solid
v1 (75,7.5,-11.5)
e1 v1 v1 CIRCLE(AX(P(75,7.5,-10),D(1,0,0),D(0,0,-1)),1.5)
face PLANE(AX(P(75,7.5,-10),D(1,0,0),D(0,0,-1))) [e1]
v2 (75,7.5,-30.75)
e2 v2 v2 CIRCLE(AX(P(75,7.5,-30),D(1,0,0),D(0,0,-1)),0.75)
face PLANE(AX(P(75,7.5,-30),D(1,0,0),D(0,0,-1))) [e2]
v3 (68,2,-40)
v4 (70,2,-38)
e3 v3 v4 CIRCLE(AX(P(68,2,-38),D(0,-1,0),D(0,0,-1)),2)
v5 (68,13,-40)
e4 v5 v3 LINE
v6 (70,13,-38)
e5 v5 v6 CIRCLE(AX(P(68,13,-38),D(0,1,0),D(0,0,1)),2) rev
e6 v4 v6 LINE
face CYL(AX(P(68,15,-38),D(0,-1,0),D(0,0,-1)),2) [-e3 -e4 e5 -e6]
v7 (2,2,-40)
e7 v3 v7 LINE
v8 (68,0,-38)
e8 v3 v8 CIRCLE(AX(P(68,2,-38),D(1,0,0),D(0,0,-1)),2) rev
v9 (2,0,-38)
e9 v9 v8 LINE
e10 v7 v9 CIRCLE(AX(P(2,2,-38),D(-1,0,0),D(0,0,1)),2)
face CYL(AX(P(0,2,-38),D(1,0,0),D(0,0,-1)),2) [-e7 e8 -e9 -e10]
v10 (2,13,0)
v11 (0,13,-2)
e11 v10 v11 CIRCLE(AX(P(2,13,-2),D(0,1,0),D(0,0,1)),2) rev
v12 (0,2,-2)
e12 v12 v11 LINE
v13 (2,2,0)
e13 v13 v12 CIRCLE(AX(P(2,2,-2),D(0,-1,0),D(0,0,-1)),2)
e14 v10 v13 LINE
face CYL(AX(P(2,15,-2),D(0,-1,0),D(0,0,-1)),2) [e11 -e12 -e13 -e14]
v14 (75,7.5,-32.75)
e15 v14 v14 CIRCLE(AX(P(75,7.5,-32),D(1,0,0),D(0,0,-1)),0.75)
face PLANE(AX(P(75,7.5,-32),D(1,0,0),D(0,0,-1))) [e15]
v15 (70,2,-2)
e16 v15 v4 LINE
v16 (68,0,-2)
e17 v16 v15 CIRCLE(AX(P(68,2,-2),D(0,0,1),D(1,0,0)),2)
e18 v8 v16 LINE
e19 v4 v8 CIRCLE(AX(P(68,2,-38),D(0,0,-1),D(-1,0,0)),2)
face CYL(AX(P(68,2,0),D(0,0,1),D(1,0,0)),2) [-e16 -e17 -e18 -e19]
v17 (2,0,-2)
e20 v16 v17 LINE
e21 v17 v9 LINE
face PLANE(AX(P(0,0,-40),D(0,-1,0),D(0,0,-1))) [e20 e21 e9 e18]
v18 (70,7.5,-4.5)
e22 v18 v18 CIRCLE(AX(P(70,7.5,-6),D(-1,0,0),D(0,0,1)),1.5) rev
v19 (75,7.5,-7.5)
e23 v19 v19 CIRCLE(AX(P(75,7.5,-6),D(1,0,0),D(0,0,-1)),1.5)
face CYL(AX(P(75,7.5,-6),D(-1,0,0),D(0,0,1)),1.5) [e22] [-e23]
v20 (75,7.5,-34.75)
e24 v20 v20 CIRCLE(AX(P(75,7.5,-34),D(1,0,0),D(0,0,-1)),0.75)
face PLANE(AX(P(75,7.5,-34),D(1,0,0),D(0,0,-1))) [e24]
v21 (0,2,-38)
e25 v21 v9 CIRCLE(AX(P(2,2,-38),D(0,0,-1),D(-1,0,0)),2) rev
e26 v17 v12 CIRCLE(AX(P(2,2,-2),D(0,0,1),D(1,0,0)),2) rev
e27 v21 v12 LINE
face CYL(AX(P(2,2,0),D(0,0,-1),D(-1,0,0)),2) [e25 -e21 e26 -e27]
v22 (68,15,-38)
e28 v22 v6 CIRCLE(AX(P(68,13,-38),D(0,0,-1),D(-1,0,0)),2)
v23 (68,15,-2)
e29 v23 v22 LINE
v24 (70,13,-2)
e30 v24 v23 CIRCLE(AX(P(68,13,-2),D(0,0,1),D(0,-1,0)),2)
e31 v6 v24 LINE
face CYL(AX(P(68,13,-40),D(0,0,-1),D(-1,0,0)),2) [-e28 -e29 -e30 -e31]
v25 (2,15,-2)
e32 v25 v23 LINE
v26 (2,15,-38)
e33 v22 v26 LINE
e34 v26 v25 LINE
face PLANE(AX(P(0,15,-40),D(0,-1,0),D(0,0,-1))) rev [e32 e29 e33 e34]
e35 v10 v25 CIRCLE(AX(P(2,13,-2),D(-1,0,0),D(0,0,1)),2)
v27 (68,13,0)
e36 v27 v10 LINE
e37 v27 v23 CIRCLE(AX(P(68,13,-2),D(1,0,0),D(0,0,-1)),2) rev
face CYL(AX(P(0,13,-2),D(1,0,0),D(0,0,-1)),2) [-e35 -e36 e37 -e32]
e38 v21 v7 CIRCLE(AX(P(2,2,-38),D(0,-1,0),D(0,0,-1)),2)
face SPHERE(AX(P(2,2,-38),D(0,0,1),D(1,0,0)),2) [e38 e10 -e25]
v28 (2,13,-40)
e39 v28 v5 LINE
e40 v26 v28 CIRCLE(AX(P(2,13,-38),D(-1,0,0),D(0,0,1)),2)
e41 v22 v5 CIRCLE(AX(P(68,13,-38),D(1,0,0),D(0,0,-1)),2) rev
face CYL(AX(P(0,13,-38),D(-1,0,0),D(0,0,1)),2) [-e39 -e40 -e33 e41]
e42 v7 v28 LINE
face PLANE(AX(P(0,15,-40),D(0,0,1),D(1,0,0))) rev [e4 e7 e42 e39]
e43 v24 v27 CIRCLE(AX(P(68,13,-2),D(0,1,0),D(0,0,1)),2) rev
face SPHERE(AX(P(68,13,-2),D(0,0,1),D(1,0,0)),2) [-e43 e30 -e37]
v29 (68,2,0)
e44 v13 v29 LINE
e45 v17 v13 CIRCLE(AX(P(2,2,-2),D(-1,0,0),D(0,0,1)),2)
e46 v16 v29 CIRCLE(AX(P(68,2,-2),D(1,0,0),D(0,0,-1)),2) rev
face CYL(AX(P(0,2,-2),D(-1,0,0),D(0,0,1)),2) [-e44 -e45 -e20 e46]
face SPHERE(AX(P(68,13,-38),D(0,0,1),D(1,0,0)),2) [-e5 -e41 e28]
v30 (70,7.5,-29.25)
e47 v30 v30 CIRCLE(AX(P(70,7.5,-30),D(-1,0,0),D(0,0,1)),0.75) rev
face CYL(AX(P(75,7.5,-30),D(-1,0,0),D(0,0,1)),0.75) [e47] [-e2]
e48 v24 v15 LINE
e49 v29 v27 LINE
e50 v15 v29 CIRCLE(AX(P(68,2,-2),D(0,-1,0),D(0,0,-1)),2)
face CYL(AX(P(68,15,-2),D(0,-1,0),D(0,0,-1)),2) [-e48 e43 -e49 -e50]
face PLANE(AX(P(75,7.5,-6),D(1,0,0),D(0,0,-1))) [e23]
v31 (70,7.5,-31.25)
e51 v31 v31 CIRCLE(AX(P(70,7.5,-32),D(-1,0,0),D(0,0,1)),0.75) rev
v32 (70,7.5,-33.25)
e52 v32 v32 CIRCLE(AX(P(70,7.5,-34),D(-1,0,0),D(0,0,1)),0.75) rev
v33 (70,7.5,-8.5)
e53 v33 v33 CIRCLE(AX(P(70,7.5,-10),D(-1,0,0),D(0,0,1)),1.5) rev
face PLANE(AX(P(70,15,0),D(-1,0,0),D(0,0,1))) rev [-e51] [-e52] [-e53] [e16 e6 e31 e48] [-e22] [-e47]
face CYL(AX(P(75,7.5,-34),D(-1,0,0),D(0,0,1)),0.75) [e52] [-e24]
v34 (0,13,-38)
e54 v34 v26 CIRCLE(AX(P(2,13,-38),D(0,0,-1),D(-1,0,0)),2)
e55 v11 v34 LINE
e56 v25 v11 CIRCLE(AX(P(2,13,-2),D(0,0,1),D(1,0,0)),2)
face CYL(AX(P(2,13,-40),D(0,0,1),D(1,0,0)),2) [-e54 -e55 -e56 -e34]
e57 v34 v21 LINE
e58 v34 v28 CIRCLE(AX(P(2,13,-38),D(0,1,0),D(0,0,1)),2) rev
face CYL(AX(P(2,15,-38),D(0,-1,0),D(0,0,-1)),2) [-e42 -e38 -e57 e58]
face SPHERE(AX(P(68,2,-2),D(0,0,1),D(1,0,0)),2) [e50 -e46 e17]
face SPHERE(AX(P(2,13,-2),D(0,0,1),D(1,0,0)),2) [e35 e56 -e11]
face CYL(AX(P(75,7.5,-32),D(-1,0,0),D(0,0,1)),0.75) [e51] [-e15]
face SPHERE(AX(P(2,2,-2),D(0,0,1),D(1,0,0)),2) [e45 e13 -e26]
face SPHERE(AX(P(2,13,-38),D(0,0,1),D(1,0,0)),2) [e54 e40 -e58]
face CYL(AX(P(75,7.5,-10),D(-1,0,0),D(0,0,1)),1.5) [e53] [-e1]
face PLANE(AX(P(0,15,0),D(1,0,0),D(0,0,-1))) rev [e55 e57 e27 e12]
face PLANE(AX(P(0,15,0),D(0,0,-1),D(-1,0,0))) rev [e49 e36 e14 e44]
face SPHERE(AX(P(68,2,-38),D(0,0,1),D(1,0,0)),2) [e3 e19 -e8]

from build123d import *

# Parameters (mm, degrees)
ESQUISSE1_W      = 70
ESQUISSE1_H      = 40
EXTRUSION1_DEPTH = 15
CONG_1_R         = 2
ESQUISSE2_R      = 1.5
ESQUISSE2_R_2    = 0.75
EXTRUSION2_DEPTH = 5


with BuildPart() as part:
    # Esquisse1 → Extrusion1 (new body)
    with BuildSketch(Plane(origin=(0, 0, 0), x_dir=(1, 0, 0), z_dir=(0, 1, 0))):
        with Locations((35, 20)):
            Rectangle(ESQUISSE1_W, ESQUISSE1_H)
    extrude(amount=EXTRUSION1_DEPTH)

    # Congé1
    cong_1_edges = [part.edges().sort_by_distance(p)[0] for p in [
        (70, 15, -20),
        (35, 15, -40),
        (0, 15, -20),
        (35, 0, -40),
        (70, 0, -20),
        (35, 0, 0),
        (0, 0, -20),
        (35, 15, 0),
        (0, 7.5, -40),
        (70, 7.5, -40),
        (70, 7.5, 0),
        (0, 7.5, 0),
    ]]
    fillet(cong_1_edges, radius=CONG_1_R)

    # Esquisse2 → Extrusion2 (add)
    with BuildSketch(Plane(origin=(70, 0, 0), x_dir=(0, 0, -1), z_dir=(1, 0, 0))):
        with Locations(Location((6, 7.5, 0), (0, 0, 180))):
            Circle(ESQUISSE2_R)
        with Locations(Location((10, 7.5, 0), (0, 0, 180))):
            Circle(ESQUISSE2_R)
        with Locations(Location((30, 7.5, 0), (0, 0, 180))):
            Circle(ESQUISSE2_R_2)
        with Locations(Location((32, 7.5, 0), (0, 0, 180))):
            Circle(ESQUISSE2_R_2)
        with Locations(Location((34, 7.5, 0), (0, 0, 180))):
            Circle(ESQUISSE2_R_2)
    extrude(amount=EXTRUSION2_DEPTH)


solid = part.part
